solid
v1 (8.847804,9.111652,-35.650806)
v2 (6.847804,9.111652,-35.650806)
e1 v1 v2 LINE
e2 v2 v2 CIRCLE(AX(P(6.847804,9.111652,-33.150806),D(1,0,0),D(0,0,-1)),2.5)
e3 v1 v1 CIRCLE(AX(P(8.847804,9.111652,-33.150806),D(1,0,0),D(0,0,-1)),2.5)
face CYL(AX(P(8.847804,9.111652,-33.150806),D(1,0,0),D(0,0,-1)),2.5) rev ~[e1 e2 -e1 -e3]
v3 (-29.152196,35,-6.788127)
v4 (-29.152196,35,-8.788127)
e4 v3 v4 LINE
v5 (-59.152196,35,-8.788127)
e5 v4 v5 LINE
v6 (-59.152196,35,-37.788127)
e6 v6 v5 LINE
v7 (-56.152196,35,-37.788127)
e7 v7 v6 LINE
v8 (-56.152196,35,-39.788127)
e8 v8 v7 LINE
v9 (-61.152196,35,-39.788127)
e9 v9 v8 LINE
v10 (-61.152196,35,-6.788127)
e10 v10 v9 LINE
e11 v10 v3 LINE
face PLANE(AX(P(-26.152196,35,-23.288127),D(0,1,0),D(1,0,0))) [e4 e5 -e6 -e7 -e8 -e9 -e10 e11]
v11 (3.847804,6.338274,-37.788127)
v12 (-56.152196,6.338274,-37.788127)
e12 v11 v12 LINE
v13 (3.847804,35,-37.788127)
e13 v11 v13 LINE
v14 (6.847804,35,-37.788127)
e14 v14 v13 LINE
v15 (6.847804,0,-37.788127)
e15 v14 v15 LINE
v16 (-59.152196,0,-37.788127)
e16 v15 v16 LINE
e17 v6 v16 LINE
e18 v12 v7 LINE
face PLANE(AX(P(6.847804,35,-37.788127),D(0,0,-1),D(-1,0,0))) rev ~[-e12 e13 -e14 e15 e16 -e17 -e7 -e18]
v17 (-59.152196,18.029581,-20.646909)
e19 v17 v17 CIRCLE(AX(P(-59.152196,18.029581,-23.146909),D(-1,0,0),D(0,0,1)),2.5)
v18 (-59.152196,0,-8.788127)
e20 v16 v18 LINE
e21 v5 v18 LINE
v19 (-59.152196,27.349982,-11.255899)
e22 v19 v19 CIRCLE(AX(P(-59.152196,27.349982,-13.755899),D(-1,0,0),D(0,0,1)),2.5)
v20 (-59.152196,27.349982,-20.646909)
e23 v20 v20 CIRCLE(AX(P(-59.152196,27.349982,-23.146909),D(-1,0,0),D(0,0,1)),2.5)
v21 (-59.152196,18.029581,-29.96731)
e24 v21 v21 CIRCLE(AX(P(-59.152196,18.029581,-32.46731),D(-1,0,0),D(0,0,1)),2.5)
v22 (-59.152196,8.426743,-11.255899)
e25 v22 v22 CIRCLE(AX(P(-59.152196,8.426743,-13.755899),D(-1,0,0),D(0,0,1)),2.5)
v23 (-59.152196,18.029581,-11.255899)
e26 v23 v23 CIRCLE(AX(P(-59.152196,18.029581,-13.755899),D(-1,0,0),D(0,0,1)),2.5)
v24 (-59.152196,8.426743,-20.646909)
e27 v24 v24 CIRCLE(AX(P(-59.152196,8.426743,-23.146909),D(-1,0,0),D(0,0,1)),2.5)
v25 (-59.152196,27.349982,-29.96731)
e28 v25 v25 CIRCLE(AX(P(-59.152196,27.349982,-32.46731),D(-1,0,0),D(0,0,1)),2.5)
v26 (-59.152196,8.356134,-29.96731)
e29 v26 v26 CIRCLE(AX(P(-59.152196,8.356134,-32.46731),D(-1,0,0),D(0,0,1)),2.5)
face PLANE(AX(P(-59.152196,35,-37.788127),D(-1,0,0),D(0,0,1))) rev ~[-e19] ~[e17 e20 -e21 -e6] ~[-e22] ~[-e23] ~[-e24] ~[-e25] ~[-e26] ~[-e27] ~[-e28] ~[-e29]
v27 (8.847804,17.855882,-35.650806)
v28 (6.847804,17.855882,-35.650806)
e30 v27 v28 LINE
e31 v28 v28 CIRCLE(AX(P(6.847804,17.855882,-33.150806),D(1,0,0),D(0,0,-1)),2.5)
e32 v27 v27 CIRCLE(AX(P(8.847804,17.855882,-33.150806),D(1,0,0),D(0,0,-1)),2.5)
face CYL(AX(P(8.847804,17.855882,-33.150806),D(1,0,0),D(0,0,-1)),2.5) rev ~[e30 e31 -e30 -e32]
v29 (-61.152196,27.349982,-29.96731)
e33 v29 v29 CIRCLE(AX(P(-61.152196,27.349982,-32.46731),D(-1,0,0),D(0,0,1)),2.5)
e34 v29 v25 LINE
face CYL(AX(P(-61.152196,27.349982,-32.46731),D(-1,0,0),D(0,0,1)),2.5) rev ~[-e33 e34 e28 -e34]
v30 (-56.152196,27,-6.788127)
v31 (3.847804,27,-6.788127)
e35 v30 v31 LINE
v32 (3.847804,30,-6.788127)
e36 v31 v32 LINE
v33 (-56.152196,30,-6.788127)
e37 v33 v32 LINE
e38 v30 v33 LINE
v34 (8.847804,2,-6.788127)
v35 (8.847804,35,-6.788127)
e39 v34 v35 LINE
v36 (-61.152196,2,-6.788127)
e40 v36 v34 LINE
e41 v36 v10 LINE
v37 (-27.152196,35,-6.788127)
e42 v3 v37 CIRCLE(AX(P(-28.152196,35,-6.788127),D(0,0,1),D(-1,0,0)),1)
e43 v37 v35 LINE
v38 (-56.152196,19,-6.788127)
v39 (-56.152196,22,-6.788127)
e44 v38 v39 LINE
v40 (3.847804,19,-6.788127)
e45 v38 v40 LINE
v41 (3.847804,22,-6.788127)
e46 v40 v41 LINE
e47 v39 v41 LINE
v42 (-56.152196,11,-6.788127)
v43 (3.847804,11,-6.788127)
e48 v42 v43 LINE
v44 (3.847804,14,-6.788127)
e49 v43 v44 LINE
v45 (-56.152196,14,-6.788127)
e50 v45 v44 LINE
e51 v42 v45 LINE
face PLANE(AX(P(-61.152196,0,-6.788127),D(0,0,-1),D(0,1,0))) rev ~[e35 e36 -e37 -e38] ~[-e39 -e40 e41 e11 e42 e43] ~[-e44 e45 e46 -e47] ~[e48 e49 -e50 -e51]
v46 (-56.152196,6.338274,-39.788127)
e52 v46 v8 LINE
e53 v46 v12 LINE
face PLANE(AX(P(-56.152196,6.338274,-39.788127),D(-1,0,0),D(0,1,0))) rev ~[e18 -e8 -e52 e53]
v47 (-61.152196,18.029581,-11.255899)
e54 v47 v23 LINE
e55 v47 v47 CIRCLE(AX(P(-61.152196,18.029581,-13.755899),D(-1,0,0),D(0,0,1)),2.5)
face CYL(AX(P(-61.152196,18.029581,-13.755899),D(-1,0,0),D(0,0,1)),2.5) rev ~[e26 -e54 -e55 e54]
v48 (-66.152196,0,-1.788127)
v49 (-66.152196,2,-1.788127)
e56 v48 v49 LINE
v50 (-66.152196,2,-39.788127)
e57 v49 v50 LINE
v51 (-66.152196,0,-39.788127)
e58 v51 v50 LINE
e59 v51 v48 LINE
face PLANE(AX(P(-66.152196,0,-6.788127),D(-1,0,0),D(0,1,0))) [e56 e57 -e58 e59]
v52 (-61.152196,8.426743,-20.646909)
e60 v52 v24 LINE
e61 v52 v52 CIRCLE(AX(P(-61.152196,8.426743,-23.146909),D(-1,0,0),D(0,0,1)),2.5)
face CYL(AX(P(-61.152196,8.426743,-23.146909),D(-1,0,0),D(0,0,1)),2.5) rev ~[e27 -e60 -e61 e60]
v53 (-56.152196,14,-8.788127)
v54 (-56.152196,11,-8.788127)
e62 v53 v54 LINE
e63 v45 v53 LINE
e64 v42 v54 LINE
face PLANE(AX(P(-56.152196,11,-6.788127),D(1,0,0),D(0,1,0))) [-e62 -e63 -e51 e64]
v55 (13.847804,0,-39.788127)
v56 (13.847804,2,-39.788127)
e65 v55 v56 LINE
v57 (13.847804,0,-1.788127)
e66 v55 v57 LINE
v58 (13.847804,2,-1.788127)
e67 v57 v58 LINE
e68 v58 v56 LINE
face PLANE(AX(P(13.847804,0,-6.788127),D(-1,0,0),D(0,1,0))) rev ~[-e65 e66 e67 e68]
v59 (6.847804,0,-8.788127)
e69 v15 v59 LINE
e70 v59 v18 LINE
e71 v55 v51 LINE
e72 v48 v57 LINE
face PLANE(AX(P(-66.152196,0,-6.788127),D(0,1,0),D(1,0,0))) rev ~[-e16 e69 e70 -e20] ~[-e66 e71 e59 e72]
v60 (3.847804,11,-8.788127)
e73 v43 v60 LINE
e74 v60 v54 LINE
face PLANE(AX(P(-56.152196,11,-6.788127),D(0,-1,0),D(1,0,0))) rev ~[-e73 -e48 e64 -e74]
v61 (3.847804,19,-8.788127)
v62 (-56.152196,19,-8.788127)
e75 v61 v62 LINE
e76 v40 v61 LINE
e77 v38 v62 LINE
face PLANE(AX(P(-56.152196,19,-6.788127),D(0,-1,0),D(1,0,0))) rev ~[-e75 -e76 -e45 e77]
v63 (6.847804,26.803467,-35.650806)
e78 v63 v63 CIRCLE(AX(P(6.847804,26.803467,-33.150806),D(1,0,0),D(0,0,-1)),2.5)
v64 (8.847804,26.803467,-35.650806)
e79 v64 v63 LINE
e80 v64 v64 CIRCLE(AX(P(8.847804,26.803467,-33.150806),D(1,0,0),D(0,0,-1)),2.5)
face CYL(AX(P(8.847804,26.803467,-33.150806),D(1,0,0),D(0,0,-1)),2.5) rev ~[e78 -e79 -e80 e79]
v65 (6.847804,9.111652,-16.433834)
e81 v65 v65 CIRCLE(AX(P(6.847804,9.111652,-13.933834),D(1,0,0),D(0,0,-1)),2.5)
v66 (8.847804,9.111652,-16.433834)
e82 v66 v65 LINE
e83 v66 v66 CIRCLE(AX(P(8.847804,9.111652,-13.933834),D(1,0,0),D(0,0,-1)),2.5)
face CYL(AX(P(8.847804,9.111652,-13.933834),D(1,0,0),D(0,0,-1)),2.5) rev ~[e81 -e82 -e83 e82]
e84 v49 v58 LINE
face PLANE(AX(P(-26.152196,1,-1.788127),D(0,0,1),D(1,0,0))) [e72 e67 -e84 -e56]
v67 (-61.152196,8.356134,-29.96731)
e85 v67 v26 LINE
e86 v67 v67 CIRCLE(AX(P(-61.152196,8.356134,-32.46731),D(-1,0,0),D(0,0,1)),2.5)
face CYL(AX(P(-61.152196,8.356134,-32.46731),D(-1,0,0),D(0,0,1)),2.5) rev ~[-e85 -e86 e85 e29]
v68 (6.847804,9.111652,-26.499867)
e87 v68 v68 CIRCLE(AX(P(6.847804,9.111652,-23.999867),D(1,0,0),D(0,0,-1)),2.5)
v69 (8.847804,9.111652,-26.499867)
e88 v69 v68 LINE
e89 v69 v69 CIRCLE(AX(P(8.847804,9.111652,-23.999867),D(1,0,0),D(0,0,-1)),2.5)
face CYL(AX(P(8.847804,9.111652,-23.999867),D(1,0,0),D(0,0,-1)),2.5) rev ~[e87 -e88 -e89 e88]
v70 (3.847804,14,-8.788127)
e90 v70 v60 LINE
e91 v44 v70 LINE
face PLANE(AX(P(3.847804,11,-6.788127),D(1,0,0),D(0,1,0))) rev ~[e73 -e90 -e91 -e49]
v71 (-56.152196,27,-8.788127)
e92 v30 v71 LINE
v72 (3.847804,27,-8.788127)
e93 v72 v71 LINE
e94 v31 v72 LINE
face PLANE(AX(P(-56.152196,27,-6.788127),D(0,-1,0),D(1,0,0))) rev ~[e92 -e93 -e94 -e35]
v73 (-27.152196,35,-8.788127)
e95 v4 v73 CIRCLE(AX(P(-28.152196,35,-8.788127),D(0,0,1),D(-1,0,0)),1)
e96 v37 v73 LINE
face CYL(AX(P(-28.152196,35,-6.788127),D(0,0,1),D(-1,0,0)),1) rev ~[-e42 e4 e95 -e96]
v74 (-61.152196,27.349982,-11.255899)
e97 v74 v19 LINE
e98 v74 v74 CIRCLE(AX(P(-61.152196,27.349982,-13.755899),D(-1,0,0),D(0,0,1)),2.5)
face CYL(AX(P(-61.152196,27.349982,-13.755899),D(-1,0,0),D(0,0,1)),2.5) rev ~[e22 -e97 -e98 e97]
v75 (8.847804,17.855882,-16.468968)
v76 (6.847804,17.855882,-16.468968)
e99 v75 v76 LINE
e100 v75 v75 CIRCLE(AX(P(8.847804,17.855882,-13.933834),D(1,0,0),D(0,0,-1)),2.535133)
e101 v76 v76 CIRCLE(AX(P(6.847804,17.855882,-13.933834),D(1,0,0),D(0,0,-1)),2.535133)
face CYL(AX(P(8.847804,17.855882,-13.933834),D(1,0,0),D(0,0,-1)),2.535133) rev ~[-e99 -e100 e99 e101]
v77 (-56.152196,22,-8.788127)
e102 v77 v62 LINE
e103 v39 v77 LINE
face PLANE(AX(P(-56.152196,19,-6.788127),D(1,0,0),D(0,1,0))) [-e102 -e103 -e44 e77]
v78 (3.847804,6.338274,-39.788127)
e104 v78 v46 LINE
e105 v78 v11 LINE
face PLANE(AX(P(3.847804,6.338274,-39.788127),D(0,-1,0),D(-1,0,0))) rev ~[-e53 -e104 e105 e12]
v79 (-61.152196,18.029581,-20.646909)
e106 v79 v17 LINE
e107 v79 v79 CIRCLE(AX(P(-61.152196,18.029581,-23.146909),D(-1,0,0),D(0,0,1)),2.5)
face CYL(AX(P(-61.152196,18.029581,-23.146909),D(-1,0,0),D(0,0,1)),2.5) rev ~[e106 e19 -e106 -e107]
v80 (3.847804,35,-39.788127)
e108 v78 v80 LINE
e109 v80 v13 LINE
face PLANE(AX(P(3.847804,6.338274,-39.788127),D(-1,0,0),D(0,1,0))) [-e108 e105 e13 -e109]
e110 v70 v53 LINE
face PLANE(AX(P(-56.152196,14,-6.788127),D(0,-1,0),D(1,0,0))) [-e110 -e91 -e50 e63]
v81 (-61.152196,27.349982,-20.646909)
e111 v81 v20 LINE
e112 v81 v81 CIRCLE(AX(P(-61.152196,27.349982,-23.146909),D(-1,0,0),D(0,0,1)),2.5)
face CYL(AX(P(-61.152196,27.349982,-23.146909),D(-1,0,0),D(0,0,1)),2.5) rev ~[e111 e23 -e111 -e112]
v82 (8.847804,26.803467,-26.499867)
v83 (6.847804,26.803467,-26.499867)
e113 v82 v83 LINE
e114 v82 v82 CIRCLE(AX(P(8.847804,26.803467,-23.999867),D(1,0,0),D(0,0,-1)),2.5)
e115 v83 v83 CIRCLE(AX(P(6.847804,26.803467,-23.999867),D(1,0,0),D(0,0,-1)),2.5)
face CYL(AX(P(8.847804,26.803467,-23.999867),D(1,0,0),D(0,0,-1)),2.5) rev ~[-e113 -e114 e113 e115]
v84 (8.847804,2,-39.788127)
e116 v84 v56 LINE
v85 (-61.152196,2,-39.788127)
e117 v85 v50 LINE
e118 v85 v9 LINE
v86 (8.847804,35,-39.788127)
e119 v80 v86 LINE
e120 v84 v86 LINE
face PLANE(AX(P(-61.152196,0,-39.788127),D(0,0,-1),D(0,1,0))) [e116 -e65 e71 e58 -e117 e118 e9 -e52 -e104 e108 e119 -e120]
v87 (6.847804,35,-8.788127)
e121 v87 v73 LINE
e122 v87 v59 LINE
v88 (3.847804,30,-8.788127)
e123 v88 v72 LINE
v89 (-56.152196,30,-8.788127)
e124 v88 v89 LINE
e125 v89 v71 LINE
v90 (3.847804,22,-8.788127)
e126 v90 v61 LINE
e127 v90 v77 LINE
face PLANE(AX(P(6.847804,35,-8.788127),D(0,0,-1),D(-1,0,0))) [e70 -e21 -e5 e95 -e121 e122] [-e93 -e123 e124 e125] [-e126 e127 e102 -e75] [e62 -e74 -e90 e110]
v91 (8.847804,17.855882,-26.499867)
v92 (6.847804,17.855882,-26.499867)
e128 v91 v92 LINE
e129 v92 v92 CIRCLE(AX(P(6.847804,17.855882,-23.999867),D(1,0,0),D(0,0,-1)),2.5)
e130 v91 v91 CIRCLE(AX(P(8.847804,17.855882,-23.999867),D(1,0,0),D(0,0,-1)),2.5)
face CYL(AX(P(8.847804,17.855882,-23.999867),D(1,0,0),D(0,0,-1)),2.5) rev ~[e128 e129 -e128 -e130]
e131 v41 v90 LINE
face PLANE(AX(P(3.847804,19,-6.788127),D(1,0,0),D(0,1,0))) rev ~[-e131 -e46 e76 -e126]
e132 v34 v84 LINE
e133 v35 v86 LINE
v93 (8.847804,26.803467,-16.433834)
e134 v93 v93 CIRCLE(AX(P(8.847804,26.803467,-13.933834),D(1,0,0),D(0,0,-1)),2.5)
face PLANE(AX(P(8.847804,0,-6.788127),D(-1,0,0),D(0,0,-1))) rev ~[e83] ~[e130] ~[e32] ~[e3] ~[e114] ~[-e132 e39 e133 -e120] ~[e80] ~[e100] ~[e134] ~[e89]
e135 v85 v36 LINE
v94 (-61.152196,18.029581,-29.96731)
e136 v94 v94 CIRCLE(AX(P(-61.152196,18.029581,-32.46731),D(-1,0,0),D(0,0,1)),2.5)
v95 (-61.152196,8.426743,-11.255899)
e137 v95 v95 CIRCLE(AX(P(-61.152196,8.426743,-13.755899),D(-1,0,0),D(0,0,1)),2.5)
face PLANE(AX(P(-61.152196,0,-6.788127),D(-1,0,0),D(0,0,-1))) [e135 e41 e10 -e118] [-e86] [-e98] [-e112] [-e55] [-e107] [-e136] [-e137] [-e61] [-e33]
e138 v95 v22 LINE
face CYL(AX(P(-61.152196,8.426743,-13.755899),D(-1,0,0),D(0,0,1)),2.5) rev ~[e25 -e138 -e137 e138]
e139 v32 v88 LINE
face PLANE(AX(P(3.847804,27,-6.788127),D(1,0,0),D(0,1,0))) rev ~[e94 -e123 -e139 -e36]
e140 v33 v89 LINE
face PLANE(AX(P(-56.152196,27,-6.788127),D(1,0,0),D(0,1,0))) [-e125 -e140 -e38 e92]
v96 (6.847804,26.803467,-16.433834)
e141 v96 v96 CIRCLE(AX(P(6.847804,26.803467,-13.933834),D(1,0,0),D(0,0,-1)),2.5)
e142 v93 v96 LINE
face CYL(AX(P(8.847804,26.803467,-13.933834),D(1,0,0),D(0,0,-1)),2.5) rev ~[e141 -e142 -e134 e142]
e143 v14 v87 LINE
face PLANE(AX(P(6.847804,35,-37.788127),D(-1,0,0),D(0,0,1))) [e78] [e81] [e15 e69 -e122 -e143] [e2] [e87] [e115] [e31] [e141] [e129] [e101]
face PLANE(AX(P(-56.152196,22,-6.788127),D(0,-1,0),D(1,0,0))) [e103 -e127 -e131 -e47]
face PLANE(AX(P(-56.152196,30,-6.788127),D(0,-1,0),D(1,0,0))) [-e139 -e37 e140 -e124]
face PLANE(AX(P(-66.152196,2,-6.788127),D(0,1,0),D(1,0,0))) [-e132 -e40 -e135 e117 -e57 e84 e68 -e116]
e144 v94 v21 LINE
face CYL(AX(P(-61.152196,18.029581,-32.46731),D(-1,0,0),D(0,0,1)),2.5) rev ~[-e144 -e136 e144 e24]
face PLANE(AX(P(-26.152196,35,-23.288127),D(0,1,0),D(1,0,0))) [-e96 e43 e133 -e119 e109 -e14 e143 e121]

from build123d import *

# Parameters (mm, degrees)
SKETCH1_W           = 70
SKETCH1_H           = 33
BOSS_EXTRUDE1_DEPTH = 35
SKETCH2_W           = 33
SKETCH2_H           = 2
BOSS_EXTRUDE2_DEPTH = 5
SKETCH3_W           = 66
SKETCH3_H           = 29
CUT_EXTRUDE1_DEPTH  = 81.917773835
CUT_EXTRUDE3_DEPTH  = 5
SKETCH13_R          = 2.5
SKETCH13_R_2        = 2.535133393
CUT_EXTRUDE4_DEPTH  = 5
SKETCH14_W          = 33
SKETCH14_H          = 2
BOSS_EXTRUDE4_DEPTH = 5
SKETCH15_R          = 2.5
CUT_EXTRUDE5_DEPTH  = 5
SKETCH17_W          = 80
SKETCH17_H          = 2
BOSS_EXTRUDE6_DEPTH = 5
SKETCH19_W          = 60
SKETCH19_H          = 28.661725901
CUT_EXTRUDE6_DEPTH  = 5
SKETCH20_W          = 60
SKETCH20_H          = 3
CUT_EXTRUDE7_DEPTH  = 5
SKETCH21_W          = 60
SKETCH21_H          = 3
CUT_EXTRUDE8_DEPTH  = 5


with BuildPart() as part:
    # Sketch1 → Boss-Extrude1 (new body)
    with BuildSketch(Plane(origin=(0, 0, 0), x_dir=(1, 0, 0), z_dir=(0, 1, 0))):
        with Locations((-26.152195741, 23.288127357)):
            Rectangle(SKETCH1_W, SKETCH1_H)
    extrude(amount=BOSS_EXTRUDE1_DEPTH)

    # Sketch2 → Boss-Extrude2 (add)
    with BuildSketch(Plane(origin=(8.847804259, 0, 0), x_dir=(0, 0, -1), z_dir=(1, 0, 0))):
        with Locations((23.288127357, 1)):
            Rectangle(SKETCH2_W, SKETCH2_H)
    extrude(amount=BOSS_EXTRUDE2_DEPTH)

    # Sketch3 → Cut-Extrude1 (cut, through all)
    with BuildSketch(Plane(origin=(0, 35, 0), x_dir=(-1, 0, 0), z_dir=(0, 1, 0))):
        with Locations((26.152195741, -23.288127357)):
            Rectangle(SKETCH3_W, SKETCH3_H)
    extrude(amount=-CUT_EXTRUDE1_DEPTH, mode=Mode.SUBTRACT)

    # Sketch9 → Cut-Extrude3 (cut)
    with BuildSketch(Plane.XY.offset(-6.788127357)):
        with BuildLine():
            Line((-27.152195741, 35), (-28.152195741, 35))
            Line((-28.152195741, 35), (-29.152195741, 35))
            ThreePointArc((-29.152195741, 35), (-28.152195741, 34), (-27.152195741, 35))
        make_face()
    extrude(amount=-CUT_EXTRUDE3_DEPTH, mode=Mode.SUBTRACT)

    # Sketch13 → Cut-Extrude4 (cut)
    with BuildSketch(Plane(origin=(8.847804259, 0, 0), x_dir=(0, 0, -1), z_dir=(1, 0, 0))):
        with Locations((13.933834133, 9.111651729)):
            Circle(SKETCH13_R)
        with Locations((13.933834133, 17.855882351)):
            Circle(SKETCH13_R_2)
        with Locations((13.933834133, 26.803467174)):
            Circle(SKETCH13_R)
        with Locations((23.999867059, 26.803467174)):
            Circle(SKETCH13_R)
        with Locations((23.999867059, 17.855882351)):
            Circle(SKETCH13_R)
        with Locations((23.999867059, 9.111651729)):
            Circle(SKETCH13_R)
        with Locations((33.150806082, 9.111651729)):
            Circle(SKETCH13_R)
        with Locations((33.150806082, 17.855882351)):
            Circle(SKETCH13_R)
        with Locations((33.150806082, 26.803467174)):
            Circle(SKETCH13_R)
    extrude(amount=-CUT_EXTRUDE4_DEPTH, mode=Mode.SUBTRACT)

    # Sketch14 → Boss-Extrude4 (add)
    with BuildSketch(Plane.ZY.offset(61.152195741)):
        with Locations((-23.288127357, 1)):
            Rectangle(SKETCH14_W, SKETCH14_H)
    extrude(amount=BOSS_EXTRUDE4_DEPTH)

    # Sketch15 → Cut-Extrude5 (cut)
    with BuildSketch(Plane.ZY.offset(61.152195741)):
        with Locations((-32.467310019, 8.356134386)):
            Circle(SKETCH15_R)
        with Locations((-23.146909162, 8.426743484)):
            Circle(SKETCH15_R)
        with Locations((-13.755899208, 8.426743484)):
            Circle(SKETCH15_R)
        with Locations((-13.755899208, 18.029580731)):
            Circle(SKETCH15_R)
        with Locations((-23.146909162, 18.029580731)):
            Circle(SKETCH15_R)
        with Locations((-32.467310019, 18.029580731)):
            Circle(SKETCH15_R)
        with Locations((-32.467310019, 27.349981588)):
            Circle(SKETCH15_R)
        with Locations((-23.146909162, 27.349981588)):
            Circle(SKETCH15_R)
        with Locations((-13.755899208, 27.349981588)):
            Circle(SKETCH15_R)
    extrude(amount=-CUT_EXTRUDE5_DEPTH, mode=Mode.SUBTRACT)

    # Sketch17 → Boss-Extrude6 (add)
    with BuildSketch(Plane.XY.offset(-6.788127357)):
        with Locations((-26.152195741, 1)):
            Rectangle(SKETCH17_W, SKETCH17_H)
    extrude(amount=BOSS_EXTRUDE6_DEPTH)

    # Sketch19 → Cut-Extrude6 (cut)
    with BuildSketch(Plane(origin=(0, 0, -39.788127357), x_dir=(-1, 0, 0), z_dir=(0, 0, -1))):
        with Locations((26.152195741, 20.66913705)):
            Rectangle(SKETCH19_W, SKETCH19_H)
    extrude(amount=-CUT_EXTRUDE6_DEPTH, mode=Mode.SUBTRACT)

    # Sketch20 → Cut-Extrude7 (cut)
    with BuildSketch(Plane.XY.offset(-6.788127357)):
        with Locations((-26.152195741, 28.5)):
            Rectangle(SKETCH20_W, SKETCH20_H)
    extrude(amount=-CUT_EXTRUDE7_DEPTH, mode=Mode.SUBTRACT)

    # Sketch21 → Cut-Extrude8 (cut)
    with BuildSketch(Plane.XY.offset(-6.788127357)):
        with Locations((-26.152195741, 12.5)):
            Rectangle(SKETCH21_W, SKETCH21_H)
        with Locations((-26.152195741, 20.5)):
            Rectangle(SKETCH21_W, SKETCH21_H)
    extrude(amount=-CUT_EXTRUDE8_DEPTH, mode=Mode.SUBTRACT)


solid = part.part
